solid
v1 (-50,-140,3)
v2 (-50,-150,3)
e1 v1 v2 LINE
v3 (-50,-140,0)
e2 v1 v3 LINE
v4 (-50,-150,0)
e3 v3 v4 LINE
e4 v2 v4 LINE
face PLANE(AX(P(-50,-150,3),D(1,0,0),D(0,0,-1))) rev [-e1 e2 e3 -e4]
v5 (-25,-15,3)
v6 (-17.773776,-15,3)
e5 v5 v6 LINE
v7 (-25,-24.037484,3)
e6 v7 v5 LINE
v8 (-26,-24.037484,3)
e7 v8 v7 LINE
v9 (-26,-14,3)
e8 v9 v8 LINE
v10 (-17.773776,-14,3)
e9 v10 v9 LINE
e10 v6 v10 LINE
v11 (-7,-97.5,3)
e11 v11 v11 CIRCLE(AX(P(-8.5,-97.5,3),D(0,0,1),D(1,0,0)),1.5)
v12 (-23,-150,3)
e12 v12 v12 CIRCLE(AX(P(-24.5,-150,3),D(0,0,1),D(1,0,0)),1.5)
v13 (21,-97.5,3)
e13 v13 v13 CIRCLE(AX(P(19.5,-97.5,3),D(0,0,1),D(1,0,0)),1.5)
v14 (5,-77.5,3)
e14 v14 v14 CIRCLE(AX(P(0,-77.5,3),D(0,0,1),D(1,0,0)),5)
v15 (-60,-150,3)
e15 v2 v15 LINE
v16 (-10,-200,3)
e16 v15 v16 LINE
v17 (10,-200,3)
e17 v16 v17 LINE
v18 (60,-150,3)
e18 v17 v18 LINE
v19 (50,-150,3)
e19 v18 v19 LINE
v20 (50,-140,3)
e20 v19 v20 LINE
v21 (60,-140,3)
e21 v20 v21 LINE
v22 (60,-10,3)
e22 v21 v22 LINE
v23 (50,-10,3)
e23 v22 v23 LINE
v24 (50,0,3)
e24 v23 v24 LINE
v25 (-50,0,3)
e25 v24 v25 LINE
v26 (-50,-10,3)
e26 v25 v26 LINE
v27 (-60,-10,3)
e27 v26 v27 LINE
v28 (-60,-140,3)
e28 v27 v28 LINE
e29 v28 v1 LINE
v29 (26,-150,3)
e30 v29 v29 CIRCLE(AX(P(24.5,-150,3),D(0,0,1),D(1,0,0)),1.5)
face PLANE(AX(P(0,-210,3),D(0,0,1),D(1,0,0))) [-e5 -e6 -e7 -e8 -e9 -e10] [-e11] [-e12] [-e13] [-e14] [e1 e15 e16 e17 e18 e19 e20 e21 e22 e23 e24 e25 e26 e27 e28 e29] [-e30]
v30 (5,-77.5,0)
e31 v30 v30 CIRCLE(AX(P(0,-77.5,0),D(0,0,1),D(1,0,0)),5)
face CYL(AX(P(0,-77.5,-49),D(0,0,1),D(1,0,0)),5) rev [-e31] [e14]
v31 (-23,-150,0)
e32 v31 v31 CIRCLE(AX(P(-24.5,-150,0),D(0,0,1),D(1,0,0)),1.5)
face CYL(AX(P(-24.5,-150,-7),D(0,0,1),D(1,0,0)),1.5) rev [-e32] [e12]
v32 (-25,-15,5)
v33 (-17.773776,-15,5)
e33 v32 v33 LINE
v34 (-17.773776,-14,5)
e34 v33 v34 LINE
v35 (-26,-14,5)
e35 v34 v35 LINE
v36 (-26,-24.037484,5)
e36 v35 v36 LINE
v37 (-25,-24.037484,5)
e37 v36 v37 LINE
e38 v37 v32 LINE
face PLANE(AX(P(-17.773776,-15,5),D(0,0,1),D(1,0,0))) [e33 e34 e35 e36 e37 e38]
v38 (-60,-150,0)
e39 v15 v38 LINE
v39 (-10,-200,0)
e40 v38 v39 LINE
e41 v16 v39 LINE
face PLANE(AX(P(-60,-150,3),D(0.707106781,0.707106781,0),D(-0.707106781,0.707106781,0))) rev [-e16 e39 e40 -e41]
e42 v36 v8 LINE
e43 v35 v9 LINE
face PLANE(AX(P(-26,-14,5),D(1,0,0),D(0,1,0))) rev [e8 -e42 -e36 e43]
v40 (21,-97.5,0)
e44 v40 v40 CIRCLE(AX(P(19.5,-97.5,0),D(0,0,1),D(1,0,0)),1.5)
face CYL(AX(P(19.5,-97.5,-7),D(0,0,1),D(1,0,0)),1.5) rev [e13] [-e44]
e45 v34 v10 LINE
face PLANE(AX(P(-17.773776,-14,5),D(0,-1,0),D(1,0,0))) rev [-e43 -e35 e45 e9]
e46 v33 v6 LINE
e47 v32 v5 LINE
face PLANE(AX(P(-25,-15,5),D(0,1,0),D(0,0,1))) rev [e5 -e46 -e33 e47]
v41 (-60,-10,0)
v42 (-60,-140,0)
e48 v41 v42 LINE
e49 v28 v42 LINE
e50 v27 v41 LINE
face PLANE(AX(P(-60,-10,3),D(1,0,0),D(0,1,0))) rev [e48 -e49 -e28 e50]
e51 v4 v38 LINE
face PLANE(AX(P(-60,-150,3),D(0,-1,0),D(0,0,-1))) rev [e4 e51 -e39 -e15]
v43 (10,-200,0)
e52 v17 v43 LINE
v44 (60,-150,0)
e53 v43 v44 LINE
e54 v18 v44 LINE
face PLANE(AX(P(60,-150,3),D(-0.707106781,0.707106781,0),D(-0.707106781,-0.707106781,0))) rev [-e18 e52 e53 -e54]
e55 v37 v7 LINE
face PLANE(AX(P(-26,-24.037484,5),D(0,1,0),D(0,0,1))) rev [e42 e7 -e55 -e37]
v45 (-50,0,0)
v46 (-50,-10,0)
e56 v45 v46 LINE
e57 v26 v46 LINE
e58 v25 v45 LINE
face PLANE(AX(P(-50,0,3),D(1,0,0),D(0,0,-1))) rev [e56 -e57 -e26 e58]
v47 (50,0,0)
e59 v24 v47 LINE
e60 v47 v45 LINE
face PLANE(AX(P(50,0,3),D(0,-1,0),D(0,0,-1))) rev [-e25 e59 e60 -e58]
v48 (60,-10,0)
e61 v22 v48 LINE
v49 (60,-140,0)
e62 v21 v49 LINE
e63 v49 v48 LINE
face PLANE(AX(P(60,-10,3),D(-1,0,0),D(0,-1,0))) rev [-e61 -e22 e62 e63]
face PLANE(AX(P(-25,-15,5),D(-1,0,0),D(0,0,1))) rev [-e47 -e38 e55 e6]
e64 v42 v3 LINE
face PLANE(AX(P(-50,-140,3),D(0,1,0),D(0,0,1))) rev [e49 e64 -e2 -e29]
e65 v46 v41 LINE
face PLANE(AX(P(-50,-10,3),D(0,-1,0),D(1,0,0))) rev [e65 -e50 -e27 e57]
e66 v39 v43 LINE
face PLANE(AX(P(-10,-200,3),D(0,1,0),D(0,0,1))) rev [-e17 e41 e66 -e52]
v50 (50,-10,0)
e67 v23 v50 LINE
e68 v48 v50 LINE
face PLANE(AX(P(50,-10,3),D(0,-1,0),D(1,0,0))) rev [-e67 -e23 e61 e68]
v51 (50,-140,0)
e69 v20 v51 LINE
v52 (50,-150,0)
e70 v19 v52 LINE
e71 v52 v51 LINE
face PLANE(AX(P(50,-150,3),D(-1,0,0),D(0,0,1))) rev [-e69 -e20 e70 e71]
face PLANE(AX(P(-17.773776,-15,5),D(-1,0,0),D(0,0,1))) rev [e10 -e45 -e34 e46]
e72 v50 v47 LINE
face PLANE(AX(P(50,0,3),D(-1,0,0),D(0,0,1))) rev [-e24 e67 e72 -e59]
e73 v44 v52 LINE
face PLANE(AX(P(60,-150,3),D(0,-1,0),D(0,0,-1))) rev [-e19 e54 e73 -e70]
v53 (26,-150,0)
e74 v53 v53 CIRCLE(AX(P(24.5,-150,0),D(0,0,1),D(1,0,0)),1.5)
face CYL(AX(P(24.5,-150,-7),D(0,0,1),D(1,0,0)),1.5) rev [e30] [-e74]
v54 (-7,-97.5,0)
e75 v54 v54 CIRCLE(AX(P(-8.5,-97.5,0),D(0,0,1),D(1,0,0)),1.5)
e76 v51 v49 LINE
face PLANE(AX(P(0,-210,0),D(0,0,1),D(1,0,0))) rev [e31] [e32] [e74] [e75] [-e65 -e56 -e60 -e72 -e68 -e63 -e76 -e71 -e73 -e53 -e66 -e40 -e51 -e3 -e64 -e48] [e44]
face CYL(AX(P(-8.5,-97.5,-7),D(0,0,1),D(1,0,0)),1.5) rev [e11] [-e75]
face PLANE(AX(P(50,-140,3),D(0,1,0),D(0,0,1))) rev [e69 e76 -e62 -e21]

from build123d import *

# Parameters (mm, degrees)
EXTRUSION1_DEPTH        = 3
ESQUISSE2_R             = 1.5
ENL_V_MAT_EXTRU_1_DEPTH = 10
EXTRUSION2_DEPTH        = 2
ESQUISSE4_R             = 5
ENL_V_MAT_EXTRU_2_DEPTH = 52


with BuildPart() as part:
    # Esquisse1 → Extrusion1 (new body)
    with BuildSketch(Plane.XY):
        Polygon((50, 0), (-50, 0), (-50, -10), (-60, -10), (-60, -140), (-50, -140), (-50, -150), (-60, -150), (-10, -200), (10, -200), (60, -150), (50, -150), (50, -140), (60, -140), (60, -10), (50, -10), align=None)
    extrude(amount=EXTRUSION1_DEPTH)

    # Esquisse2 → Enlèv. mat.-Extru.1 (cut)
    with BuildSketch(Plane.XY.offset(3)):
        with Locations((-24.5, -150)):
            Circle(ESQUISSE2_R)
        with Locations((-8.5, -97.5)):
            Circle(ESQUISSE2_R)
        with Locations((19.5, -97.5)):
            Circle(ESQUISSE2_R)
        with Locations((24.5, -150)):
            Circle(ESQUISSE2_R)
    extrude(amount=-ENL_V_MAT_EXTRU_1_DEPTH, mode=Mode.SUBTRACT)

    # Esquisse3 → Extrusion2 (add)
    with BuildSketch(Plane.XY.offset(3)):
        Polygon((-25, -15), (-25, -24.03748446), (-26, -24.03748446), (-26, -14), (-17.773776224, -14), (-17.773776224, -15), align=None)
    extrude(amount=EXTRUSION2_DEPTH)

    # Esquisse4 → Enlèv. mat.-Extru.2 (cut)
    with BuildSketch(Plane.XY.offset(3)):
        with Locations((0, -77.5)):
            Circle(ESQUISSE4_R)
    extrude(amount=-ENL_V_MAT_EXTRU_2_DEPTH, mode=Mode.SUBTRACT)


solid = part.part
